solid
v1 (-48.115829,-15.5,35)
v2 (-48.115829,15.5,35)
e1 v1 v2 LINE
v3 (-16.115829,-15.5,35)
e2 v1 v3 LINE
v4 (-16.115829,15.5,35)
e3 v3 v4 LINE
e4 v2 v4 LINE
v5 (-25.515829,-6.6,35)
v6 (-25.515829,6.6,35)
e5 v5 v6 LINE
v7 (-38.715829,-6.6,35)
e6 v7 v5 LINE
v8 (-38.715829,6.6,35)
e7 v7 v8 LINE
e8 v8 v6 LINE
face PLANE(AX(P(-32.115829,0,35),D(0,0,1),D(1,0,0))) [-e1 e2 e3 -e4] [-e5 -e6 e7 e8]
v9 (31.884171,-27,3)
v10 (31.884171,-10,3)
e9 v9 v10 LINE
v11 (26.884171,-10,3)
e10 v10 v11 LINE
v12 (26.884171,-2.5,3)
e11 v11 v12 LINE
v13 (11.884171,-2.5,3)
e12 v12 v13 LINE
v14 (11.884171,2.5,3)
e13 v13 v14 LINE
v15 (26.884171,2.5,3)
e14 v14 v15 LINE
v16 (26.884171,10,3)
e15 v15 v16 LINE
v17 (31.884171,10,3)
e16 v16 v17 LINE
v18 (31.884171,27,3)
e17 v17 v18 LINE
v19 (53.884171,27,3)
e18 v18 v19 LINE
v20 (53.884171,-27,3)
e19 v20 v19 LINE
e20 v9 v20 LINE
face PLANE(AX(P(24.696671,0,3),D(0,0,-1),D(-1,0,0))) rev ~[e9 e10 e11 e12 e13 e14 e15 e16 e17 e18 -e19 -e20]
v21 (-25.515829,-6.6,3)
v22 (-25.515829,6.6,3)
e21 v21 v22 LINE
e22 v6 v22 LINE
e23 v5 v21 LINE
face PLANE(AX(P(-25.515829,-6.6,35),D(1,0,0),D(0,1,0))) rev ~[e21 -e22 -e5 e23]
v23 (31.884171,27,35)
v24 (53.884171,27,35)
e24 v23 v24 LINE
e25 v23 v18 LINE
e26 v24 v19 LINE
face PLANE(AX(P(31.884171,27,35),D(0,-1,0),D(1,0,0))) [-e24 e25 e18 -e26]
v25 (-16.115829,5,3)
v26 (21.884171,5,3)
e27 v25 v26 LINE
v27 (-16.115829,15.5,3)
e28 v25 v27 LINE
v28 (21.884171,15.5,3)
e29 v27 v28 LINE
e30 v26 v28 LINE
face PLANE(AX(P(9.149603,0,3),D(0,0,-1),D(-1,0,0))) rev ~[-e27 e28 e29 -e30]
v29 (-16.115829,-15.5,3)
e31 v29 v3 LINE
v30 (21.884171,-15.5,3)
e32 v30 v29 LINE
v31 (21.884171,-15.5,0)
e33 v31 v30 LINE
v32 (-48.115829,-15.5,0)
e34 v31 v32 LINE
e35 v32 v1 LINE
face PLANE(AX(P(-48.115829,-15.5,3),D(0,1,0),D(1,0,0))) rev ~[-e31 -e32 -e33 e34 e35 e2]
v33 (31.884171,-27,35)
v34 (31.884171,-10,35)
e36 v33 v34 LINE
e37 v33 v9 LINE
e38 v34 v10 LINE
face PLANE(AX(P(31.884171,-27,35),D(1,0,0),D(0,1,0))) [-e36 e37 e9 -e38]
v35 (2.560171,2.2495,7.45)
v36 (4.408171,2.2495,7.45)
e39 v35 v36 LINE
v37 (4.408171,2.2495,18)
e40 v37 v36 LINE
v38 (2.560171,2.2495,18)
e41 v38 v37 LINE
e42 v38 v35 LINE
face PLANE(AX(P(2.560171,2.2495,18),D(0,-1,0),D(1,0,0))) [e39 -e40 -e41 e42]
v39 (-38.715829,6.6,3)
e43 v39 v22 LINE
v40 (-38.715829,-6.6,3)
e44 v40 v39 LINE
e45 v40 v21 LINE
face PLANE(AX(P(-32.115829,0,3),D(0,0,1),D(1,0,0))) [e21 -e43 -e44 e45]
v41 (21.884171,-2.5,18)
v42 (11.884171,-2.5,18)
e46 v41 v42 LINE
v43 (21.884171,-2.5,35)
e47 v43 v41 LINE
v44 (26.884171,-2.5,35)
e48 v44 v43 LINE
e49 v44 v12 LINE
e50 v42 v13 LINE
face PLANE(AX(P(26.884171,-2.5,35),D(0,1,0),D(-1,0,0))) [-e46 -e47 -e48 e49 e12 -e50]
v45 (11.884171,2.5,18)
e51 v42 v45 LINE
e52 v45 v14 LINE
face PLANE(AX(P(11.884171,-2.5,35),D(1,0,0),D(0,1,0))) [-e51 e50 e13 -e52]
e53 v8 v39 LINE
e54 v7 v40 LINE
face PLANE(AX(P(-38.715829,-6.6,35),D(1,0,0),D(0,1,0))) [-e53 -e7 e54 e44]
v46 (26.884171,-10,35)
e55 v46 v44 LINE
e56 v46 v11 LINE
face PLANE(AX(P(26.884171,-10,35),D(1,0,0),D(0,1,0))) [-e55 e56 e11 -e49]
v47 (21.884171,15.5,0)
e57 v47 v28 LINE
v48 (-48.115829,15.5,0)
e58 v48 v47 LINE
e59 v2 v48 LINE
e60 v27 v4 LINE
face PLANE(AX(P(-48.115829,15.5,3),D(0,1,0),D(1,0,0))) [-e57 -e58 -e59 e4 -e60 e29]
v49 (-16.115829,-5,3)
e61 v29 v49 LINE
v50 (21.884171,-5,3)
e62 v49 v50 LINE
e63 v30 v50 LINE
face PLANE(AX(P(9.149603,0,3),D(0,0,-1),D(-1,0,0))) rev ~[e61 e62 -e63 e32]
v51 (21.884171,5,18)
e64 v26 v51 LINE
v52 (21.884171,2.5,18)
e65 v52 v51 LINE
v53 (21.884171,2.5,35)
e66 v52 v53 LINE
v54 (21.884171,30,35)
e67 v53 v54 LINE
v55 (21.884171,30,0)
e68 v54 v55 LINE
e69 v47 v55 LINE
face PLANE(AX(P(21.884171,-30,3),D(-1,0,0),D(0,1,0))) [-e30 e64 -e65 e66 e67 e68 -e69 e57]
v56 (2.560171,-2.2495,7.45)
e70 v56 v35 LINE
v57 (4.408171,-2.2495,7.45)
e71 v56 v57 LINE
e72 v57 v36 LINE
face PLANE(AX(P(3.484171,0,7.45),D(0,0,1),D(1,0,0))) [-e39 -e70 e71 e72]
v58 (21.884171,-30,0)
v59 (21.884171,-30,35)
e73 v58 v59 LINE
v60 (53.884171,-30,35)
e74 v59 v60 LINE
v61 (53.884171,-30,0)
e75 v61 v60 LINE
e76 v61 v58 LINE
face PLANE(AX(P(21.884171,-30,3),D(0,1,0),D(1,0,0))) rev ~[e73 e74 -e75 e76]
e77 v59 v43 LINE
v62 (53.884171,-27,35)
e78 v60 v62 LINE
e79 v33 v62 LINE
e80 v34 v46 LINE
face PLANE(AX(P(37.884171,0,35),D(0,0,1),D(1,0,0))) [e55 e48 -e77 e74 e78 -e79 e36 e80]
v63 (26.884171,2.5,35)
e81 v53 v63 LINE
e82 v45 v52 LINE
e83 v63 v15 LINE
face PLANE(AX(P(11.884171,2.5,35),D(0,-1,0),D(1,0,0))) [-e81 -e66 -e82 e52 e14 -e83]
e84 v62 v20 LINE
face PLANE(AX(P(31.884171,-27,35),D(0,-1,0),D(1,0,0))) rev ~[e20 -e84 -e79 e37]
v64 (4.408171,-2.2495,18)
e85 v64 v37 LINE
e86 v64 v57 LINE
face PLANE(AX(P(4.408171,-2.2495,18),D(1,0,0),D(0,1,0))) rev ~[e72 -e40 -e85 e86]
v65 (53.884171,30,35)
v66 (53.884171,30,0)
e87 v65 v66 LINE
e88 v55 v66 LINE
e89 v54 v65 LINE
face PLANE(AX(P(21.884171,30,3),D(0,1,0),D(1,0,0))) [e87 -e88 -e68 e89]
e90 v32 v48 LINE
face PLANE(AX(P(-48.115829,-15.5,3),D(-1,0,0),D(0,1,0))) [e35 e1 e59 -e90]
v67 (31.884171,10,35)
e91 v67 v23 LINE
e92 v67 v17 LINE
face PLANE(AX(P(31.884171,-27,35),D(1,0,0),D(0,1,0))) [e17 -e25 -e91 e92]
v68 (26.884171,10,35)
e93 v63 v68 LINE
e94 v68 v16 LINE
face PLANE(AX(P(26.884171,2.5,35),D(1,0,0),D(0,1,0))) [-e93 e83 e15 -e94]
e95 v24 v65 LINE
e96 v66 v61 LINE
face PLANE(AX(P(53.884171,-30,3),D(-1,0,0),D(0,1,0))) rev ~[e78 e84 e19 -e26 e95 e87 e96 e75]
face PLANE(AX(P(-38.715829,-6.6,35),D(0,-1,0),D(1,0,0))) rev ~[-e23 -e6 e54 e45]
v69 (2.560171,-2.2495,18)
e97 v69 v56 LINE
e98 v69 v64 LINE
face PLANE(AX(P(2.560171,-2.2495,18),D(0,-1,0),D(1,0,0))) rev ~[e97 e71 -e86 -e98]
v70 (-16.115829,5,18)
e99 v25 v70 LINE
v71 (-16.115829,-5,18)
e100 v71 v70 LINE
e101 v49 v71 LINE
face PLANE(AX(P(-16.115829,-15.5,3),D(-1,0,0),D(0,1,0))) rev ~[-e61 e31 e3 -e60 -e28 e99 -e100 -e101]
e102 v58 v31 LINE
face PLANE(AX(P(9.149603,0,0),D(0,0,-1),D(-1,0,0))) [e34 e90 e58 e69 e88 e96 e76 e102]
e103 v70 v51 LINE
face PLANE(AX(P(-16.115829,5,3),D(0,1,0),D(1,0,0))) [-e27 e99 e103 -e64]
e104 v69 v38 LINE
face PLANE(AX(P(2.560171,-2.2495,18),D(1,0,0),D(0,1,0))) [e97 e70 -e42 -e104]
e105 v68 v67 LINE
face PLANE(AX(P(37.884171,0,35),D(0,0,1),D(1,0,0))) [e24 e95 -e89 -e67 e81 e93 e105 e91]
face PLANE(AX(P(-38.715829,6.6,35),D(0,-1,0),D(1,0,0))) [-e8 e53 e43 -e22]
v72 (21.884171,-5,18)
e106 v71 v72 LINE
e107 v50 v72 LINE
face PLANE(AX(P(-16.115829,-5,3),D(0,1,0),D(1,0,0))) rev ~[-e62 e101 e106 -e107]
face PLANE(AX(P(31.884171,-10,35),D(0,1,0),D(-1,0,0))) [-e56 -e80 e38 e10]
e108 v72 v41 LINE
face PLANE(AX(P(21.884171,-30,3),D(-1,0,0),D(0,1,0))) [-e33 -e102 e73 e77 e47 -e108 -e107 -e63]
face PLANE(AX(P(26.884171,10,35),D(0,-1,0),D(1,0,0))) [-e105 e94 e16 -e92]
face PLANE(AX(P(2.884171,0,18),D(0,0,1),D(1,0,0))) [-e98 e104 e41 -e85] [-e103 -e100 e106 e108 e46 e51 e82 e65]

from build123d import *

# Parameters (mm, degrees)
PAD_DEPTH       = 3
SKETCH001_W     = 32
SKETCH001_H     = 60
PAD001_DEPTH    = 32
SKETCH002_W     = 22
SKETCH002_H     = 54
POCKET_DEPTH    = 32
SKETCH003_W     = 38
SKETCH003_H     = 10
PAD002_DEPTH    = 15
POCKET001_DEPTH = 32
SKETCH005_W     = 32
SKETCH005_H     = 31
PAD003_DEPTH    = 32
SKETCH006_W     = 13.2
SKETCH006_H     = 13.2
POCKET002_DEPTH = 32
SKETCH007_W     = 1.848
SKETCH007_H     = 4.499
POCKET003_DEPTH = 10.55


with BuildPart() as part:
    # Sketch → Pad (new body)
    with BuildSketch(Plane.XY):
        Polygon((-48.115829, 15.5), (21.884171, 15.5), (21.884171, 30), (53.884171, 30), (53.884171, -30), (21.884171, -30), (21.884171, -15.5), (-48.115829, -15.5), align=None)
    extrude(amount=PAD_DEPTH)

    # Sketch001 (on Face10 of Pad) → Pad001 (join)
    with BuildSketch(Plane.XY.offset(3)):
        with Locations((37.884171, 0)):
            Rectangle(SKETCH001_W, SKETCH001_H)
    extrude(amount=PAD001_DEPTH)

    # Sketch002 (on Face14 of Pad001) → Pocket (cut)
    with BuildSketch(Plane.XY.offset(35)):
        with Locations((42.884171, 0)):
            Rectangle(SKETCH002_W, SKETCH002_H)
    extrude(amount=-POCKET_DEPTH, mode=Mode.SUBTRACT)

    # Sketch003 (on Face5 of Pocket) → Pad002 (join)
    with BuildSketch(Plane.XY.offset(3)):
        with Locations((2.884171, 0)):
            Rectangle(SKETCH003_W, SKETCH003_H)
    extrude(amount=PAD002_DEPTH)

    # Sketch004 (on Face17 of Pad002) → Pocket001 (cut)
    with BuildSketch(Plane.XY.offset(35)):
        Polygon((31.884171, 10), (31.884171, -10), (26.884171, -10), (26.884171, -2.5), (11.884171, -2.5), (11.884171, 2.5), (26.884171, 2.5), (26.884171, 10), align=None)
    extrude(amount=-POCKET001_DEPTH, mode=Mode.SUBTRACT)

    # Sketch005 (on Face5 of Pocket001) → Pad003 (join)
    with BuildSketch(Plane.XY.offset(3)):
        with Locations((-32.115829, 0)):
            Rectangle(SKETCH005_W, SKETCH005_H)
    extrude(amount=PAD003_DEPTH)

    # Sketch006 (on Face15 of Pad003) → Pocket002 (cut)
    with BuildSketch(Plane.XY.offset(35)):
        with Locations((-32.115829, 0)):
            Rectangle(SKETCH006_W, SKETCH006_H)
    extrude(amount=-POCKET002_DEPTH, mode=Mode.SUBTRACT)

    # Sketch007 (on Face21 of Pocket002) → Pocket003 (cut)
    with BuildSketch(Plane.XY.offset(18)):
        with Locations((3.484171, 0)):
            Rectangle(SKETCH007_W, SKETCH007_H)
    extrude(amount=-POCKET003_DEPTH, mode=Mode.SUBTRACT)


solid = part.part
